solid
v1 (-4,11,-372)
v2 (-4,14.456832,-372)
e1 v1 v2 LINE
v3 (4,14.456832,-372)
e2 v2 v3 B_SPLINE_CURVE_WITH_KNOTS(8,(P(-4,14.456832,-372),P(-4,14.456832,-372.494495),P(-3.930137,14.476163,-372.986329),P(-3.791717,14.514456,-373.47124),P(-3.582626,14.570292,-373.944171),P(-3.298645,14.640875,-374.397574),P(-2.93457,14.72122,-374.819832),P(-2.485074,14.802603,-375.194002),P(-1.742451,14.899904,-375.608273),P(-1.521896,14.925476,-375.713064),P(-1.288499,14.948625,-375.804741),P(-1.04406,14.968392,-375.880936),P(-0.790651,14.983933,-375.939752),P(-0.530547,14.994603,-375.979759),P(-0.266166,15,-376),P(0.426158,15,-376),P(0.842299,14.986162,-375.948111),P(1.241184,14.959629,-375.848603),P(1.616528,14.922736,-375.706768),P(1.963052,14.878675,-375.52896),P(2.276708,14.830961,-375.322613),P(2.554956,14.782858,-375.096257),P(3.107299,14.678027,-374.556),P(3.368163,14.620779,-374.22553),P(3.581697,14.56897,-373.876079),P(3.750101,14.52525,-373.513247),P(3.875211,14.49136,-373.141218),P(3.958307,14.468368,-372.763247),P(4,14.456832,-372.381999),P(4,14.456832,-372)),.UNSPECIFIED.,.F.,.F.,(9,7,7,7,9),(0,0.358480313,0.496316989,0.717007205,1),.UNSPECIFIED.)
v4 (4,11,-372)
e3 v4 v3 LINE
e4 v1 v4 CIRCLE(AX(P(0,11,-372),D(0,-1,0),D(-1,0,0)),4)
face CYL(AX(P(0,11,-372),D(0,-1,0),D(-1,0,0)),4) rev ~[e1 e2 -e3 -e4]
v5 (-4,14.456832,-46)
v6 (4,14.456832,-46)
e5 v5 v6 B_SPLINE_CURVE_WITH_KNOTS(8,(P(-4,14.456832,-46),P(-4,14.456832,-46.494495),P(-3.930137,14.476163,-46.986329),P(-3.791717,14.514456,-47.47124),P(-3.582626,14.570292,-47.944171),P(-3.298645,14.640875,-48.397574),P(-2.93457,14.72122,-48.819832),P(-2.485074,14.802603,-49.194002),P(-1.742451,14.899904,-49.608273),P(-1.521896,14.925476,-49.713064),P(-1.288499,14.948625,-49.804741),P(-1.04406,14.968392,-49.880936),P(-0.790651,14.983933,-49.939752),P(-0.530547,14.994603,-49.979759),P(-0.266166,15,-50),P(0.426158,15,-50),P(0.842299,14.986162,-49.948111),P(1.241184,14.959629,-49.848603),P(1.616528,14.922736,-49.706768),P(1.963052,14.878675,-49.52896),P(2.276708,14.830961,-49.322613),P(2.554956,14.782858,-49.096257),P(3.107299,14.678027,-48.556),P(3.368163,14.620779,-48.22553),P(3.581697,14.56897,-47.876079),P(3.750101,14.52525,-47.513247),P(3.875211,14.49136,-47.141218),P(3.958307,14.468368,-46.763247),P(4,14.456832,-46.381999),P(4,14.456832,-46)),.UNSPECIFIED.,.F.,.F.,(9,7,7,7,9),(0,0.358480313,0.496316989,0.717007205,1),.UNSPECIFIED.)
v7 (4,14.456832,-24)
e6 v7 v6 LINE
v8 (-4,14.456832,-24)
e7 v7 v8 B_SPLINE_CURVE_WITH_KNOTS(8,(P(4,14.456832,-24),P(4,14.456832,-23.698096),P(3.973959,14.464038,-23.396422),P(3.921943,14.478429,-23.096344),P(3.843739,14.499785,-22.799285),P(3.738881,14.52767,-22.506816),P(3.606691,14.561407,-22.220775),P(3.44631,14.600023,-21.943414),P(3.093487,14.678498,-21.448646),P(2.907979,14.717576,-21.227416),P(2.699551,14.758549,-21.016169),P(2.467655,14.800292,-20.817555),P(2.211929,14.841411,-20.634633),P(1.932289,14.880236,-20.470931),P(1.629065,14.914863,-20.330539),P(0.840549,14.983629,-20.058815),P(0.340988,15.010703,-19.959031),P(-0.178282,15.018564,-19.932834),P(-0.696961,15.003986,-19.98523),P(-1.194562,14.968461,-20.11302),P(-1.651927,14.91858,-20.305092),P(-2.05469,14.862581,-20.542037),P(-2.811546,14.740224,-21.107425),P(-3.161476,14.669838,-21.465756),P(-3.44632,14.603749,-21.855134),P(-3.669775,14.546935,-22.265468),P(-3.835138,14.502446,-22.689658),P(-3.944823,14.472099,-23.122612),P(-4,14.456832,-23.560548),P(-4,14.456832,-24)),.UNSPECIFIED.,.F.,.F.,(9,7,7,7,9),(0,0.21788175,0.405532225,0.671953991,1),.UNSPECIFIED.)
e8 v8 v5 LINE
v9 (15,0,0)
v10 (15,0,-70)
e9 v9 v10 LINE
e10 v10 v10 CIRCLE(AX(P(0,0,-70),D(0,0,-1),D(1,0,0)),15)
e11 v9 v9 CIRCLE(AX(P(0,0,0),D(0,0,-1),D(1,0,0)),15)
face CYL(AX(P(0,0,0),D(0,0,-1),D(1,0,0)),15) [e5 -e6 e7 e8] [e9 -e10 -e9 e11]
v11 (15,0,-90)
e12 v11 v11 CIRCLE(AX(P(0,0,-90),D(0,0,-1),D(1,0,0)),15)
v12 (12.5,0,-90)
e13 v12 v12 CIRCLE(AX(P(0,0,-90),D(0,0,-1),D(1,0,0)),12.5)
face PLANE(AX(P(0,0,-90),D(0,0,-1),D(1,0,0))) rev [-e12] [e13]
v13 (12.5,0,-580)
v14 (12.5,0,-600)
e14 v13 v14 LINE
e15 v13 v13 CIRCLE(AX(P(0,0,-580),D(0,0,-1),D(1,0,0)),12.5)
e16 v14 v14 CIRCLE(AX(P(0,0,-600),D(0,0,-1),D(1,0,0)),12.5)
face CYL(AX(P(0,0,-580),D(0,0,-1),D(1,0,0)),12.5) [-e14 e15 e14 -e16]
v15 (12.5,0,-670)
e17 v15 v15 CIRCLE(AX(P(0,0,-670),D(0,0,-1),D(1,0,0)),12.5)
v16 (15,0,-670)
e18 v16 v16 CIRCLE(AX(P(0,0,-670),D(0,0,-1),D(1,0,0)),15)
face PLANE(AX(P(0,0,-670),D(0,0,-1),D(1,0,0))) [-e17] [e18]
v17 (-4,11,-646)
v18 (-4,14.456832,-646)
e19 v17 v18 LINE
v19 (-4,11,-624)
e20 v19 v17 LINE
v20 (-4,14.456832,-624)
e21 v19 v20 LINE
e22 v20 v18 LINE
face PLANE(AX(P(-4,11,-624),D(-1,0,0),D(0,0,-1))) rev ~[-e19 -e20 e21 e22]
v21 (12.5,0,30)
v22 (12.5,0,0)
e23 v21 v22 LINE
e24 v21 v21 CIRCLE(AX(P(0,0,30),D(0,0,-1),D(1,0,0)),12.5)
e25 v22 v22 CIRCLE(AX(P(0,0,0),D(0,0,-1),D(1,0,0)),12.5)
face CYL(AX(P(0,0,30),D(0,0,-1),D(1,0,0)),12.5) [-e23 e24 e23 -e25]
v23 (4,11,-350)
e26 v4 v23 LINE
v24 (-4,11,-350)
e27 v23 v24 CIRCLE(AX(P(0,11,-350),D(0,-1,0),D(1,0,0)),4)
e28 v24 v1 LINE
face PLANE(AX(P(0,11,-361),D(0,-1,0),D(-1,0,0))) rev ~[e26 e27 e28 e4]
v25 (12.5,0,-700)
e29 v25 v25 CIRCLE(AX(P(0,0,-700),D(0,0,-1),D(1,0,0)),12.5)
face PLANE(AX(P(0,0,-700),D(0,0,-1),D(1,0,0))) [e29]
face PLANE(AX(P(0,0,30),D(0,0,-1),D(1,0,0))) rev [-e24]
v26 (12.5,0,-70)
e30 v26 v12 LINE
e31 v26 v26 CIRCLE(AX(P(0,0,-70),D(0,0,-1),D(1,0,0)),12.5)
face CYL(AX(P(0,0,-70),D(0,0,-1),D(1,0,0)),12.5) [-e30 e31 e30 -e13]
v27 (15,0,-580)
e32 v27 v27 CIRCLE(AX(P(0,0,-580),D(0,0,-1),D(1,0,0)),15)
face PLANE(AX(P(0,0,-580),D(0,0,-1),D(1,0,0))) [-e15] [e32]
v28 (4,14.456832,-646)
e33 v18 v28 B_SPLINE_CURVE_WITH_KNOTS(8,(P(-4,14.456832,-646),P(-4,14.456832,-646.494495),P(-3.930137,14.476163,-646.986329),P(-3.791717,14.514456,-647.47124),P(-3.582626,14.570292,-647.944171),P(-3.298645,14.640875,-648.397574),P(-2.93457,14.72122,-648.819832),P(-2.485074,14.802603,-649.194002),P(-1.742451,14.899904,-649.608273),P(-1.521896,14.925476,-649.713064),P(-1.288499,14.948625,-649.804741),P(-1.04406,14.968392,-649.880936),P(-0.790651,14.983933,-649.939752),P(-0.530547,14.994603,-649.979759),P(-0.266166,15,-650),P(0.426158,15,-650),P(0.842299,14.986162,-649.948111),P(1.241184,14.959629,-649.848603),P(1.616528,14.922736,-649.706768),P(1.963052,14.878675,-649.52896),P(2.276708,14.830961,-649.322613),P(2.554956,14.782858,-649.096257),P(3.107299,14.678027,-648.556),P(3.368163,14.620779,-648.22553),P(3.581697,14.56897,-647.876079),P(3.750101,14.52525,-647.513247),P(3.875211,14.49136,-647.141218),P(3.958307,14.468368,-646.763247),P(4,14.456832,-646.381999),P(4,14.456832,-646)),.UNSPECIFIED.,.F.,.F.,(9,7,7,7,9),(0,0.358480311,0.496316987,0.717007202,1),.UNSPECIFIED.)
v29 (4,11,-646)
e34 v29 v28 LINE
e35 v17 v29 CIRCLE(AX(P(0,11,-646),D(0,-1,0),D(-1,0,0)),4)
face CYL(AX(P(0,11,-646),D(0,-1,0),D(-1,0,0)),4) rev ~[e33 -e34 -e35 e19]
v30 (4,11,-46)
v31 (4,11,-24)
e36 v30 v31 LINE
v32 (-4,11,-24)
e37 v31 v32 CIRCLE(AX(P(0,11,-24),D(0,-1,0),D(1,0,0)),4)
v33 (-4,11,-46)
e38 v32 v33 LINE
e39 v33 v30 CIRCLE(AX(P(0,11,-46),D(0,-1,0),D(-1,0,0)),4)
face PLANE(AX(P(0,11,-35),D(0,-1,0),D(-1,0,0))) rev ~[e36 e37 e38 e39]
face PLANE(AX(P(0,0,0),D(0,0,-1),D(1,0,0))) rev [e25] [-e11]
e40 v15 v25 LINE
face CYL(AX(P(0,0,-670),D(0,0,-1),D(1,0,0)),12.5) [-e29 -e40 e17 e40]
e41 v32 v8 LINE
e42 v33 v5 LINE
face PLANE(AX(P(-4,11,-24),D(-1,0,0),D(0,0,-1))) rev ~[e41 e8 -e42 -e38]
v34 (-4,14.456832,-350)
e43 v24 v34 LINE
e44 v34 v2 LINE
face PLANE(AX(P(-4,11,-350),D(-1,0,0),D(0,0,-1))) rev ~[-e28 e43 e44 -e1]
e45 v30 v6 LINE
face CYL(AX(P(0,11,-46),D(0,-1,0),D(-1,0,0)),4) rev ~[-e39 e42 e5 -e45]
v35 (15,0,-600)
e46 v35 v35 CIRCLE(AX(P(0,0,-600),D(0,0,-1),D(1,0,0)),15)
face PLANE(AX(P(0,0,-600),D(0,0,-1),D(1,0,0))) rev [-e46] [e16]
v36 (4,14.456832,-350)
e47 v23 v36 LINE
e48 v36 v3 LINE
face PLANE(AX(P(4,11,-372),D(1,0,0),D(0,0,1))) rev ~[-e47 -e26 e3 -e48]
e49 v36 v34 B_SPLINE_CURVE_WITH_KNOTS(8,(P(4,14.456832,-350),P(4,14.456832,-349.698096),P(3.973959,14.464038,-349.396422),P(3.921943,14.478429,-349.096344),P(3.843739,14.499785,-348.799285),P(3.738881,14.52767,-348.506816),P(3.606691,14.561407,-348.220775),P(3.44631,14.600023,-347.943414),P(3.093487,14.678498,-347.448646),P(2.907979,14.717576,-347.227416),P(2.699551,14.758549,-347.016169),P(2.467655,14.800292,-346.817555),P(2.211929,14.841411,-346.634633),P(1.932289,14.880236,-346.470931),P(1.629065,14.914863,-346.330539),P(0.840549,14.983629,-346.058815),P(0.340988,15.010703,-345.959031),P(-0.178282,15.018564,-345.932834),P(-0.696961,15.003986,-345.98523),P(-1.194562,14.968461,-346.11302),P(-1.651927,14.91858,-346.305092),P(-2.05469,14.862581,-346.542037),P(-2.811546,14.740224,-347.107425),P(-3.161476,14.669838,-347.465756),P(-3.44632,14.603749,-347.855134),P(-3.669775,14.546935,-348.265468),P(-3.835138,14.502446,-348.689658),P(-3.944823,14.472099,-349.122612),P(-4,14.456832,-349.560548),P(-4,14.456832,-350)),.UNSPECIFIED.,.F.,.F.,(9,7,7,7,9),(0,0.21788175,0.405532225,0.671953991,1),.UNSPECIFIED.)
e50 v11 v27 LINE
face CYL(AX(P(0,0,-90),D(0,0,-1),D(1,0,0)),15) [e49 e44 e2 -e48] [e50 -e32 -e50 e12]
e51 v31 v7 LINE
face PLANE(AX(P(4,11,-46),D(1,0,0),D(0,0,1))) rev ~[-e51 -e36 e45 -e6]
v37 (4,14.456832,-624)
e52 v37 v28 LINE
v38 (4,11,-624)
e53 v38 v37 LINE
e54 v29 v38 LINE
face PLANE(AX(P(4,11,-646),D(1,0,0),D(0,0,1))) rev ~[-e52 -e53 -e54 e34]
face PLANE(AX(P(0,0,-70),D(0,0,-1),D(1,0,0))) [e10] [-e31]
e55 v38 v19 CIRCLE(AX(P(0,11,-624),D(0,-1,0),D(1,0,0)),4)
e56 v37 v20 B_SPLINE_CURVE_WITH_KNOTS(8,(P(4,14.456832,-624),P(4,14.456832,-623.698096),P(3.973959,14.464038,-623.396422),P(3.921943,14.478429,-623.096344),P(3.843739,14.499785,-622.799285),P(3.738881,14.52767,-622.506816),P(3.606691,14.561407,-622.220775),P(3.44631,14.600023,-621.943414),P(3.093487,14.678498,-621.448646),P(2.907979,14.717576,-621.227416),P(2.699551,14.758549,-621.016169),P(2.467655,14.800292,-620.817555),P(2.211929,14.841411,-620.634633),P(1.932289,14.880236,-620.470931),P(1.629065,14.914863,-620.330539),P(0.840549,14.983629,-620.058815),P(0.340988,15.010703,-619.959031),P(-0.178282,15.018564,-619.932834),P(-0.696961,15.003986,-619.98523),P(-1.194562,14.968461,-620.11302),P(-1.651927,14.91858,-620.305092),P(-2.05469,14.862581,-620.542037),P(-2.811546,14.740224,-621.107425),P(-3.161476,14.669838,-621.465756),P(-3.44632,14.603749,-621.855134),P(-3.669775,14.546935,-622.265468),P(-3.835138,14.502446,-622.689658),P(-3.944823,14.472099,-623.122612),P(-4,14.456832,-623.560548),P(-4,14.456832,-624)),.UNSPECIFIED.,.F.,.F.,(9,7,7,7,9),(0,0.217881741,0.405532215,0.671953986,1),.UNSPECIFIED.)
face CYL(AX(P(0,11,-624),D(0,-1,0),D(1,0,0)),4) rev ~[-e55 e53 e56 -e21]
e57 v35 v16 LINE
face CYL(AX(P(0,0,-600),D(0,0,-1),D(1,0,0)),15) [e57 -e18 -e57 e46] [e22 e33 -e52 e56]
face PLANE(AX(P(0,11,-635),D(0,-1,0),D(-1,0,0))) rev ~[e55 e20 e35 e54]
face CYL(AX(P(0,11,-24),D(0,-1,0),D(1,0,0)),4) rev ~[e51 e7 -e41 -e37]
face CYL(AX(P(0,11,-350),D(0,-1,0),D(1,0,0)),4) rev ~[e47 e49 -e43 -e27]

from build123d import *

# Parameters (mm, degrees)
CUT_EXTRUDE1_START = 11
CUT_EXTRUDE1_DEPTH = 690.321354808


with BuildPart() as part:
    # Sketch1 → Revolve1 (revolve)
    with BuildSketch(Plane(origin=(0, 0, 0), x_dir=(0, 0, -1), z_dir=(1, 0, 0)), mode=Mode.PRIVATE) as revolve1_sk:
        Polygon((0, 15), (70, 15), (70, 12.5), (90, 12.5), (90, 15), (580, 15), (580, 12.5), (600, 12.5), (600, 15), (670, 15), (670, 12.5), (700, 12.5), (700, 0), (-30, 0), (-30, 12.5), (0, 12.5), align=None)
    revolve(revolve1_sk.sketch.rotate(Axis((0, 0, 91.723358082), (0, 0, -1)), 90), axis=Axis((0, 0, 91.723358082), (0, 0, -1)))

    # Sketch2 → Cut-Extrude1 (cut, through all)
    with BuildSketch(Plane(origin=(0, 0, 0), x_dir=(1, 0, 0), z_dir=(0, 1, 0)).offset(CUT_EXTRUDE1_START)):
        with BuildLine():
            Line((4, 646), (4, 624))
            ThreePointArc((4, 624), (0, 620), (-4, 624))
            Line((-4, 624), (-4, 646))
            ThreePointArc((-4, 646), (0, 650), (4, 646))
        make_face()
        with BuildLine():
            Line((4, 372), (4, 350))
            ThreePointArc((4, 350), (0, 346), (-4, 350))
            Line((-4, 350), (-4, 372))
            ThreePointArc((-4, 372), (0, 376), (4, 372))
        make_face()
        with BuildLine():
            Line((4, 46), (4, 24))
            ThreePointArc((4, 24), (0, 20), (-4, 24))
            Line((-4, 24), (-4, 46))
            ThreePointArc((-4, 46), (0, 50), (4, 46))
        make_face()
    extrude(amount=CUT_EXTRUDE1_DEPTH, mode=Mode.SUBTRACT)


solid = part.part
